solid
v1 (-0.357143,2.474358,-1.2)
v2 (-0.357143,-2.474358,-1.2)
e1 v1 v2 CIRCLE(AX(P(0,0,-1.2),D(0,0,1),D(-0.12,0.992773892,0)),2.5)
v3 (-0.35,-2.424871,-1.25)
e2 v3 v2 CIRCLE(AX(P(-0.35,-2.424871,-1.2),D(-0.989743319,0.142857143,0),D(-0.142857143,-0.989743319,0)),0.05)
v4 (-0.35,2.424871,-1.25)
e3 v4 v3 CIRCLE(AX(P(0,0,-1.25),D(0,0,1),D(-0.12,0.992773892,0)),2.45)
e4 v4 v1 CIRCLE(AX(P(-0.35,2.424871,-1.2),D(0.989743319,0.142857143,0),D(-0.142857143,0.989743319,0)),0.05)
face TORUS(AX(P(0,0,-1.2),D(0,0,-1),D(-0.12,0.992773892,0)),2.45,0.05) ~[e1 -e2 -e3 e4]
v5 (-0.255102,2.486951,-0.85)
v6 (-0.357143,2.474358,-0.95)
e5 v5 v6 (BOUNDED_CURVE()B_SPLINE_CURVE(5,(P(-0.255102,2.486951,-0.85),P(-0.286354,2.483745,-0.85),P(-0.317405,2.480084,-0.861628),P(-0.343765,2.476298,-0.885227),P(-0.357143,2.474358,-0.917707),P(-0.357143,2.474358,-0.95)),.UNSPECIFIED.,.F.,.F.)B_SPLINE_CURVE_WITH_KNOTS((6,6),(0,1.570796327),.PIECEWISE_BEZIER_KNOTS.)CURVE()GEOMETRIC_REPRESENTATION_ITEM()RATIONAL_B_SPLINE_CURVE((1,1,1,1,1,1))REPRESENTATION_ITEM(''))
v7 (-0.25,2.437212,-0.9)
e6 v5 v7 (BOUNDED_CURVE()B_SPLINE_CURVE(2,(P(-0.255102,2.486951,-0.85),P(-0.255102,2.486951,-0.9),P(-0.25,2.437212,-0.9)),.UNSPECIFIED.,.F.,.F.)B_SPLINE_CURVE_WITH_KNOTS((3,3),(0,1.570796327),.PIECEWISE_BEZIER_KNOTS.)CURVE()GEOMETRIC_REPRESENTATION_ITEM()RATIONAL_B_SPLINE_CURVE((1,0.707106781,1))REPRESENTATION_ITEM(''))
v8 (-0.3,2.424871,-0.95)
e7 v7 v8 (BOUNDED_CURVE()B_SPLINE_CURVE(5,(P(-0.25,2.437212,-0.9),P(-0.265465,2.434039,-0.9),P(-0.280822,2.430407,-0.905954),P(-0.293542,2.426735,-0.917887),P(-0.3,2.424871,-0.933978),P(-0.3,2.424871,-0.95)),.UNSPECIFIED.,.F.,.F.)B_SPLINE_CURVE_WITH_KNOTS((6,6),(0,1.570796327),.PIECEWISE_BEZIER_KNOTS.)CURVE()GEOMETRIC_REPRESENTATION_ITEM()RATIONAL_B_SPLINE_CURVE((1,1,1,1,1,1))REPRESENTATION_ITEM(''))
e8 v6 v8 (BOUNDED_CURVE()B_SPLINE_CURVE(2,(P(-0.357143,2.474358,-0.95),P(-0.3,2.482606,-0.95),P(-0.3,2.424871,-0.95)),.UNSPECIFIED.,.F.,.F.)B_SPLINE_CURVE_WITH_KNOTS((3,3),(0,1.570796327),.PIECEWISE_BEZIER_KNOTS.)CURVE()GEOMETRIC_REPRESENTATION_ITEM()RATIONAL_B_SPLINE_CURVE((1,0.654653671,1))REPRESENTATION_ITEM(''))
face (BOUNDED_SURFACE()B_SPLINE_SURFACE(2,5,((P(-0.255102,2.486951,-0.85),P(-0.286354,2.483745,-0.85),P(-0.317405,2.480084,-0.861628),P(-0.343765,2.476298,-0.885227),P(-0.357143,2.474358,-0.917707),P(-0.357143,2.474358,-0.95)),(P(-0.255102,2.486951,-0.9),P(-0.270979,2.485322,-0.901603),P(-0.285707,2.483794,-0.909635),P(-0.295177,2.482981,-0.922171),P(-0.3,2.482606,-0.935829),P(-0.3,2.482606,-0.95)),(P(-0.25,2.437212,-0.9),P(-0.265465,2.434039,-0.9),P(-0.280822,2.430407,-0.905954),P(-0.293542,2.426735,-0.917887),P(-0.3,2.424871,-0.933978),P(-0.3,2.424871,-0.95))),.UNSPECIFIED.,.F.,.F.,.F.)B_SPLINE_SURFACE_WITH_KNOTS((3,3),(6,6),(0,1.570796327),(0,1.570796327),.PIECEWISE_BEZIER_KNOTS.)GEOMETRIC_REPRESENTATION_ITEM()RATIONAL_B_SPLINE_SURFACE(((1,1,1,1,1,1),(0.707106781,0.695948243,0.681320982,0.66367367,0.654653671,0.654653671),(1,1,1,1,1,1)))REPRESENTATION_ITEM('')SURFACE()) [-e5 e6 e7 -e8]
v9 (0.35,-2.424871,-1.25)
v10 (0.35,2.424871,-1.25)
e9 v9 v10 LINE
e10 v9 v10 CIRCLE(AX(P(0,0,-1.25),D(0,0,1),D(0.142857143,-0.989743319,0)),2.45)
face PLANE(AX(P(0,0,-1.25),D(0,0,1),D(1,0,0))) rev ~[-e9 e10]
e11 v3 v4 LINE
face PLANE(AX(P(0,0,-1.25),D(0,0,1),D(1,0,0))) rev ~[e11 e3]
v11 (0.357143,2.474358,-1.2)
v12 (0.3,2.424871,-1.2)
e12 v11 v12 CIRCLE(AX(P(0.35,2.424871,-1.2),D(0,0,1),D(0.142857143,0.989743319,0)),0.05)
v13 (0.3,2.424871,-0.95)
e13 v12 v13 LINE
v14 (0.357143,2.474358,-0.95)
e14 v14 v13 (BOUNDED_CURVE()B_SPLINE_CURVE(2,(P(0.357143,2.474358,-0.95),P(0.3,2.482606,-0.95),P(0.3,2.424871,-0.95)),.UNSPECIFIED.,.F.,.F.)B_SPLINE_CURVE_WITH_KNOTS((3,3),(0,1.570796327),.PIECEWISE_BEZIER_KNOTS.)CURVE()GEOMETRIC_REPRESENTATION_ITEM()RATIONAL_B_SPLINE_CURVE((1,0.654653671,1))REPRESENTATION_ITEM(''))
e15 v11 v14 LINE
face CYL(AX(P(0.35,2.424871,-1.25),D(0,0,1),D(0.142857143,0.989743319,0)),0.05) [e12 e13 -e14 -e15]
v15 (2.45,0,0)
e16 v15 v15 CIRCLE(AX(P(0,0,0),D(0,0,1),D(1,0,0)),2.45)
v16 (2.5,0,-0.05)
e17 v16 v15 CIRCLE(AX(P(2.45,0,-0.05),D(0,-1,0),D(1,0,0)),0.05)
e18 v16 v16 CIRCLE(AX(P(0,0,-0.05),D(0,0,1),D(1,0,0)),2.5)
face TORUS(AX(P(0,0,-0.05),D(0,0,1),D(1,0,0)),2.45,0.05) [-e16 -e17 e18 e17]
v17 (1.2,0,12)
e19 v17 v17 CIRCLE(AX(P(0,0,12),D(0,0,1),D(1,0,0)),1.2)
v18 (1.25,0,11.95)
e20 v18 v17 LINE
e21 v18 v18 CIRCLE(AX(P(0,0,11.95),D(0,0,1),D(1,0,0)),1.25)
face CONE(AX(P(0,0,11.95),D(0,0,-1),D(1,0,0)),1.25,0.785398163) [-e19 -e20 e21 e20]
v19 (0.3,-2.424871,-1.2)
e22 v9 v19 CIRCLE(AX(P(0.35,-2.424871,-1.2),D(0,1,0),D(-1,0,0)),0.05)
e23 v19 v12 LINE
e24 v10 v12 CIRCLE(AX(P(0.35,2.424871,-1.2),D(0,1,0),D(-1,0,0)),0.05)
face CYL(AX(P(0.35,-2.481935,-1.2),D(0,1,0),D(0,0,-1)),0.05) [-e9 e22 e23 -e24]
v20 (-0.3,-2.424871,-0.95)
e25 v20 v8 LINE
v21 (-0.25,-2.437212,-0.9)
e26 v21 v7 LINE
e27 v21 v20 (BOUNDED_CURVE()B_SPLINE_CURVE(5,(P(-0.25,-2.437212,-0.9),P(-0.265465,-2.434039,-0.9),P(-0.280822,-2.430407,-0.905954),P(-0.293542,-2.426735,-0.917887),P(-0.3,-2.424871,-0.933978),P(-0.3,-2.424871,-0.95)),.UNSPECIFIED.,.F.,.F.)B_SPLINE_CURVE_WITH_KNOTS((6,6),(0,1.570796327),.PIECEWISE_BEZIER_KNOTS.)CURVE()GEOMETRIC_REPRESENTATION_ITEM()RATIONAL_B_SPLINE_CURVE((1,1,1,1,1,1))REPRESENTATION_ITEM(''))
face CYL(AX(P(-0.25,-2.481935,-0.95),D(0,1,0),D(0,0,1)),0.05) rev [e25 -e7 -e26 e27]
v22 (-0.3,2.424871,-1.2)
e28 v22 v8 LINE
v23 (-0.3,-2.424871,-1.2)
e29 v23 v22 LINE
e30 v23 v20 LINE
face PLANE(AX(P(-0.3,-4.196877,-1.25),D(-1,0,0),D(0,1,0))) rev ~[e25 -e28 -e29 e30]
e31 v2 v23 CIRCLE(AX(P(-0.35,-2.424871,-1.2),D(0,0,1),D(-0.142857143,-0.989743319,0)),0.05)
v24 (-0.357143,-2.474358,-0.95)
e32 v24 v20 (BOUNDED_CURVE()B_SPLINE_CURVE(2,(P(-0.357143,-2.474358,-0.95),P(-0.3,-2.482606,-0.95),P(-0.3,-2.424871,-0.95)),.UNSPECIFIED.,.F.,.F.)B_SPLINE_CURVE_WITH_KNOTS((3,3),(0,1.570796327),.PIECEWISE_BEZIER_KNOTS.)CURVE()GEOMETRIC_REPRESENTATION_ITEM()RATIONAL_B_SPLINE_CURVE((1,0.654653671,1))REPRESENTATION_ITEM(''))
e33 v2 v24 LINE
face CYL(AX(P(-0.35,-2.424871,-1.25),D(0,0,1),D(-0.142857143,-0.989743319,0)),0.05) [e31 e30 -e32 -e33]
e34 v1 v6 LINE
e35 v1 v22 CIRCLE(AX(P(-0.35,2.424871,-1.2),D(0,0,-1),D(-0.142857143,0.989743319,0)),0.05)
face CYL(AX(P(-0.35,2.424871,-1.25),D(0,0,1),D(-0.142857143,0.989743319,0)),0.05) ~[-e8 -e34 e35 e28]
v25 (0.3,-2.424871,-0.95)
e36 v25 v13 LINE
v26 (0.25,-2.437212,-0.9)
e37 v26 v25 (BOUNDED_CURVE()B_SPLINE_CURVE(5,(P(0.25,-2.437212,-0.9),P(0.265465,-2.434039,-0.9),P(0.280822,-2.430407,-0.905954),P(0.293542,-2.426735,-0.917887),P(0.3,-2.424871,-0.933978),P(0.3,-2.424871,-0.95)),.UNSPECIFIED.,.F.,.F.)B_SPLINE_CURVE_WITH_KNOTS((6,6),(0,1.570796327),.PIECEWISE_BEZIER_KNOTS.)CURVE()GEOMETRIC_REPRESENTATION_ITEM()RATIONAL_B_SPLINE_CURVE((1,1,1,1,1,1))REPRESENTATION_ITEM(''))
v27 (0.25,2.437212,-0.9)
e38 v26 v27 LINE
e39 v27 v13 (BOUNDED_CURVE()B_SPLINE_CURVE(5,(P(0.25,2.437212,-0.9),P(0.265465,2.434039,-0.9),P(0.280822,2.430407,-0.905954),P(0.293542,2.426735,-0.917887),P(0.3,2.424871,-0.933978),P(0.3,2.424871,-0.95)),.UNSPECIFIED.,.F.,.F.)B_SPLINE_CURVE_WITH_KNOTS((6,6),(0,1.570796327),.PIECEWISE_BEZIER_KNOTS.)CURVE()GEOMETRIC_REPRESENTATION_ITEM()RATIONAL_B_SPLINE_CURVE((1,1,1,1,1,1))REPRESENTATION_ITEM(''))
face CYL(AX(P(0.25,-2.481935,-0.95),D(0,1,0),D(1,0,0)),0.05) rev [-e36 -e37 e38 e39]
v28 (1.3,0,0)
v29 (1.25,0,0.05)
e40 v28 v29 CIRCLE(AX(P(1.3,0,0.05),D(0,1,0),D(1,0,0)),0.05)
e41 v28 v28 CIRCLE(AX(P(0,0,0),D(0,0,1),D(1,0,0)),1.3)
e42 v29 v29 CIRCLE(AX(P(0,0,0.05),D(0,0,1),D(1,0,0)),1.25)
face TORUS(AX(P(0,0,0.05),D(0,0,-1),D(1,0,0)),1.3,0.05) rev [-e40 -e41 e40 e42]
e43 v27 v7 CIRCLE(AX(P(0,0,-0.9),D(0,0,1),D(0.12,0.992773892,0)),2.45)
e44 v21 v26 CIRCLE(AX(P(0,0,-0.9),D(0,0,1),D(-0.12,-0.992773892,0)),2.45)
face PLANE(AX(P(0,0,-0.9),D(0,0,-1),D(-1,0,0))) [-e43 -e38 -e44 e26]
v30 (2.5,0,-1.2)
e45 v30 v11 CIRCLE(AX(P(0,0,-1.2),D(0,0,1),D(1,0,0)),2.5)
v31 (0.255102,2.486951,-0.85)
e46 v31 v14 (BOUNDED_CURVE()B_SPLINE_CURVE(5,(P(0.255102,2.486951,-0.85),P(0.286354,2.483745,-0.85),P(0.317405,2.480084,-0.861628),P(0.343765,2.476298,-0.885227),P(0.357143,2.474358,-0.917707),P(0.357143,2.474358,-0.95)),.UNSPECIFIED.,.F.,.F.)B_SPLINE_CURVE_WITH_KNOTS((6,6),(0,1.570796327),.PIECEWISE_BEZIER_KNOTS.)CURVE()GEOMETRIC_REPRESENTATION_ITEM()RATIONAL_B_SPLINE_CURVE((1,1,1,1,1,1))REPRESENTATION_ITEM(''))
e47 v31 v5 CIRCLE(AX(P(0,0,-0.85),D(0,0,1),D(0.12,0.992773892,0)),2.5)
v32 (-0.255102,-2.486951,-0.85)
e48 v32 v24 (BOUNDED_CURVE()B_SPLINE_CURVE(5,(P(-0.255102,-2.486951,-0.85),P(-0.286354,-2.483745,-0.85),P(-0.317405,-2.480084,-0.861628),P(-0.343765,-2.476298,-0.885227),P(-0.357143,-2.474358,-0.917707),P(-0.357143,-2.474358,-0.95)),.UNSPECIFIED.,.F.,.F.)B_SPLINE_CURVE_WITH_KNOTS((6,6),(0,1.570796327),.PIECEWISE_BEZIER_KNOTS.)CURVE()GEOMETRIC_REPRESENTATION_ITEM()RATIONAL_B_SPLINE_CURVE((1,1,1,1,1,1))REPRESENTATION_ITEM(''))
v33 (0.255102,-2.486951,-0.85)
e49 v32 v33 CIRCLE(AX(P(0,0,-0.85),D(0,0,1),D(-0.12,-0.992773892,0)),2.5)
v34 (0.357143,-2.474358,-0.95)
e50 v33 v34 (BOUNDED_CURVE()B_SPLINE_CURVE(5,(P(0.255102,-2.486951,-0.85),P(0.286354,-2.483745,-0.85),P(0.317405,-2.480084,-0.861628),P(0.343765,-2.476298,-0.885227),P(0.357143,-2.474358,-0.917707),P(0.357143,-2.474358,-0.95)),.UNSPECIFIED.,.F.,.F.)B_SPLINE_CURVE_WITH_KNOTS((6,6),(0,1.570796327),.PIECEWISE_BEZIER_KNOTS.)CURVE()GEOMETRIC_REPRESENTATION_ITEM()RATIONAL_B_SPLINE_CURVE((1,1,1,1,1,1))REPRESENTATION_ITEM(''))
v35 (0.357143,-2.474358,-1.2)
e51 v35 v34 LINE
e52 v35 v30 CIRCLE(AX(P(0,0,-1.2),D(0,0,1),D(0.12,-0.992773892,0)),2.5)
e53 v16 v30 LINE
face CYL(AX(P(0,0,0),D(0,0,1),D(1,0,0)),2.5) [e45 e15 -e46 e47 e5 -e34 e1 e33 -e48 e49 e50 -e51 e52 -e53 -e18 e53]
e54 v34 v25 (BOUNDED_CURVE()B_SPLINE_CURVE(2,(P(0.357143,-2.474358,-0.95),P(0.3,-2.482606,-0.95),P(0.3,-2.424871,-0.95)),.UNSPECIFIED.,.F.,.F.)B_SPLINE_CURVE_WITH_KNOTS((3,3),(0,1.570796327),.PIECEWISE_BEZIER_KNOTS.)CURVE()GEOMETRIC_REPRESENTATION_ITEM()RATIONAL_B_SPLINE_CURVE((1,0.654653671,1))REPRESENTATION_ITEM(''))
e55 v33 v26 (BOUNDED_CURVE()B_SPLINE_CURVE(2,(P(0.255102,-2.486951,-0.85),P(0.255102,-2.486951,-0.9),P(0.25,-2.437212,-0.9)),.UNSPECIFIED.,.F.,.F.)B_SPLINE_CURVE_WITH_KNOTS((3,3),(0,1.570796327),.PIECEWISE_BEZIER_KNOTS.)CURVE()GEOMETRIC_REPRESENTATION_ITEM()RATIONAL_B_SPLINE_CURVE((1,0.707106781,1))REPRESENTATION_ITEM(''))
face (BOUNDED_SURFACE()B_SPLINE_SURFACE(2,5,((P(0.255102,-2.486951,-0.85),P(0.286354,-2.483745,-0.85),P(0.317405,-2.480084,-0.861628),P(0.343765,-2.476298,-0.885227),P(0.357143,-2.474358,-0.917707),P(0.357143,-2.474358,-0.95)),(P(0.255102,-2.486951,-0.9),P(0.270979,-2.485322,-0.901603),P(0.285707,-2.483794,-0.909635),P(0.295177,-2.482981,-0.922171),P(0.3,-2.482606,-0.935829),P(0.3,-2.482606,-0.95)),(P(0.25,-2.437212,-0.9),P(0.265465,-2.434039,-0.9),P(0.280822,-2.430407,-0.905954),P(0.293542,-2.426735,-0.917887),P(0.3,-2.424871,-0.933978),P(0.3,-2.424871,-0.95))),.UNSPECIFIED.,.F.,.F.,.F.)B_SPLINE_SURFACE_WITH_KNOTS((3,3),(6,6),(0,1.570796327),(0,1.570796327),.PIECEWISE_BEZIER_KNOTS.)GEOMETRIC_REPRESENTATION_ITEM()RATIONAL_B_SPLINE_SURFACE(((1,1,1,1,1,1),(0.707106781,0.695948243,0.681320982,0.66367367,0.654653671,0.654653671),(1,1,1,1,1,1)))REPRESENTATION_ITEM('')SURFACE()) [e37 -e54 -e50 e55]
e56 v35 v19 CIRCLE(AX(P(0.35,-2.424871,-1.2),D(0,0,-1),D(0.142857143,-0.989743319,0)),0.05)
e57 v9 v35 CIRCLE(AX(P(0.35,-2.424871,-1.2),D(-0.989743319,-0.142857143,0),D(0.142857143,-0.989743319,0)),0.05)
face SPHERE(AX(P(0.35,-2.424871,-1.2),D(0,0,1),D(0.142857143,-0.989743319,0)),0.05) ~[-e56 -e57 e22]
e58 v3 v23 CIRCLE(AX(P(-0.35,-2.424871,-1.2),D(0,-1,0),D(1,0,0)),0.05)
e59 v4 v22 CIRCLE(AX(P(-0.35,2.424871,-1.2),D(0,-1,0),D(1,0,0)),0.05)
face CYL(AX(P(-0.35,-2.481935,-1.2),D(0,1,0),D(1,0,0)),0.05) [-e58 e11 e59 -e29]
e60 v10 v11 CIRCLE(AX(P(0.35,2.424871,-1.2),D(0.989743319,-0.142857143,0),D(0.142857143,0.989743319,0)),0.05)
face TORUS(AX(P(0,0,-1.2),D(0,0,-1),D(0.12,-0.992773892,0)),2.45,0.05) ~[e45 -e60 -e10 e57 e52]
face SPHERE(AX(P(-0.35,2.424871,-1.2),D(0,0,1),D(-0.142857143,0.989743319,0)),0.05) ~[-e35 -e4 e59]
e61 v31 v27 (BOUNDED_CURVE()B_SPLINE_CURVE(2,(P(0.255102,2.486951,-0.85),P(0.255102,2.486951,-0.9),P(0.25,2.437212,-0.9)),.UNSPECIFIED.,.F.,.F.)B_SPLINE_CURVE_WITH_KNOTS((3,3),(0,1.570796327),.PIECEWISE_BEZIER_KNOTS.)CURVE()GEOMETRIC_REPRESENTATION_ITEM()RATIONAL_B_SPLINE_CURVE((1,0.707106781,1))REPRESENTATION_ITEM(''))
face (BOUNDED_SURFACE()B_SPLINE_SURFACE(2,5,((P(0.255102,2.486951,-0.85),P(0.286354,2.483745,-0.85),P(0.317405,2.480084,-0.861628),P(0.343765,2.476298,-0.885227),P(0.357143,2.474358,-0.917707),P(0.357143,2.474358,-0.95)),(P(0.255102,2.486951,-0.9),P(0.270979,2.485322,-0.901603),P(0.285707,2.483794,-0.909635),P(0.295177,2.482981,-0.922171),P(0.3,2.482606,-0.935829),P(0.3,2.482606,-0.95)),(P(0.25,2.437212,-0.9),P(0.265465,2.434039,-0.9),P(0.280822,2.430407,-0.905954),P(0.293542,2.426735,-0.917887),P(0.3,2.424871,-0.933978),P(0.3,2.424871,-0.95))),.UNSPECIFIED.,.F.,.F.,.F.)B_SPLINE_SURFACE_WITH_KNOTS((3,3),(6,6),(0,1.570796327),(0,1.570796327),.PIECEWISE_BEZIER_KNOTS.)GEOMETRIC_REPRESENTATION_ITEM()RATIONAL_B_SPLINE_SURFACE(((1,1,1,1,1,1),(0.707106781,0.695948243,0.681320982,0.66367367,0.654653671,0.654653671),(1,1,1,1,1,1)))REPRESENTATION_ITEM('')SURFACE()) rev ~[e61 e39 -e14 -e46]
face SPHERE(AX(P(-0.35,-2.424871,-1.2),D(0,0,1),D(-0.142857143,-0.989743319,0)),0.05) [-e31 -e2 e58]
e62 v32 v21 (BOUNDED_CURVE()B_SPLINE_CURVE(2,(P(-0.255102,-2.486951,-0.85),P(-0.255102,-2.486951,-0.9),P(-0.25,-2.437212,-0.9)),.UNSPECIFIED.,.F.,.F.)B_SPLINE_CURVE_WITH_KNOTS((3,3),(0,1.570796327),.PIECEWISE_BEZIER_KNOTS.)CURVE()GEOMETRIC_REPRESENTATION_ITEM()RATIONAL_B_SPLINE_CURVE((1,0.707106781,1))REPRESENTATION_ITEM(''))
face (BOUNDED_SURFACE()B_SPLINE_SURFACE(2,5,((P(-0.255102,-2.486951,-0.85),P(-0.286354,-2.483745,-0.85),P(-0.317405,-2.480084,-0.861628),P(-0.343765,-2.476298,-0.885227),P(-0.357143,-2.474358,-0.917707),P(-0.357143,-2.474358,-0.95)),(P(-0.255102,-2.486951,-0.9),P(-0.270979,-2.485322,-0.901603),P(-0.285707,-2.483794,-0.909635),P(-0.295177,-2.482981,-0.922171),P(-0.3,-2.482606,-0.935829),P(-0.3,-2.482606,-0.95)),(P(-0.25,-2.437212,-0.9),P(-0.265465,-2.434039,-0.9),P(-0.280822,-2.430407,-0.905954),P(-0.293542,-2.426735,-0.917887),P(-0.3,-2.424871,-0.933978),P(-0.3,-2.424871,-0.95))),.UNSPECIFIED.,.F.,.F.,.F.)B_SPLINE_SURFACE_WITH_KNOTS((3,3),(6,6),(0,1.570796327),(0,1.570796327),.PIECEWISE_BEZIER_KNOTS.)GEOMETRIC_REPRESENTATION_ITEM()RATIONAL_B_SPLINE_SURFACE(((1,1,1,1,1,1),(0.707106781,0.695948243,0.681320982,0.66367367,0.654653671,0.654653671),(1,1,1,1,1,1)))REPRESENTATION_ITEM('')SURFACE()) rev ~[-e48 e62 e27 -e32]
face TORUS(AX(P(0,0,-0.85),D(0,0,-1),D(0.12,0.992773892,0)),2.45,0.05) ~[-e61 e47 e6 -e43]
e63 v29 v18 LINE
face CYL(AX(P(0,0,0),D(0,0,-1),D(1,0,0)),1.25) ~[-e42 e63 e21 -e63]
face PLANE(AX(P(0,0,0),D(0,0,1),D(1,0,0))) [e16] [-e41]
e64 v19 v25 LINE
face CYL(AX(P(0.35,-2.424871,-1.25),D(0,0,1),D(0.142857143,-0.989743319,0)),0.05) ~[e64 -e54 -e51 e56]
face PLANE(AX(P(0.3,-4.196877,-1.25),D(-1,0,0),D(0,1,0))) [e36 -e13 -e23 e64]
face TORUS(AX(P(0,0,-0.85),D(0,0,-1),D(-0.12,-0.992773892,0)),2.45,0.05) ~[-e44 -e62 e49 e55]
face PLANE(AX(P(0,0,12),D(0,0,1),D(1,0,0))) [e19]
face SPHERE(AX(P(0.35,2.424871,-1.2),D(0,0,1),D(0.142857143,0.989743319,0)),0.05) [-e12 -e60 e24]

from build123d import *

# Parameters (mm, degrees)
SKETCH1_R           = 1.25
BOSS_EXTRUDE1_DEPTH = 12
SKETCH2_R           = 2.5
BOSS_EXTRUDE2_DEPTH = 1.25
SKETCH3_W           = 0.6
SKETCH3_H           = 8.393754192
CUT_EXTRUDE1_DEPTH  = 0.35
FILLET1_R           = 0.05
FILLET2_R           = 0.05
CHAMFER1_SIZE       = 0.05


with BuildPart() as part:
    # Sketch1 → Boss-Extrude1 (new body)
    with BuildSketch(Plane.XY):
        Circle(SKETCH1_R)
    extrude(amount=BOSS_EXTRUDE1_DEPTH)

    # Sketch2 → Boss-Extrude2 (add)
    with BuildSketch(Plane.XY):
        Circle(SKETCH2_R)
    extrude(amount=-BOSS_EXTRUDE2_DEPTH)

    # Sketch3 → Cut-Extrude1 (cut)
    with BuildSketch(Plane(origin=(0, 0, -1.25), x_dir=(-1, 0, 0), z_dir=(0, 0, -1))):
        Rectangle(SKETCH3_W, SKETCH3_H)
    extrude(amount=-CUT_EXTRUDE1_DEPTH, mode=Mode.SUBTRACT)

    # Fillet1
    fillet1_edges = [part.edges().sort_by_distance(p)[0] for p in [
        (-2.5, 0, -1.25),
        (1.870828693, -1.658312395, -1.25),
        (0.3, 0, -1.25),
        (-0.3, 0, -1.25),
        (0, 2.5, -0.9),
        (0, -2.5, -0.9),
        (-0.3, -2.481934729, -1.075),
        (-0.3, 2.481934729, -1.075),
        (0.3, 2.481934729, -1.075),
        (0.3, -2.481934729, -1.075),
        (-0.3, 0, -0.9),
        (0.3, 0, -0.9),
        (-1.25, 0, 0),
    ]]
    fillet(fillet1_edges, radius=FILLET1_R)

    # Fillet2
    fillet2_edges = [part.edges().sort_by_distance(p)[0] for p in [
        (-2.5, 0, 0),
    ]]
    fillet(fillet2_edges, radius=FILLET2_R)

    # Chamfer1
    chamfer1_edges = [part.edges().sort_by_distance(p)[0] for p in [
        (-1.25, 0, 12),
    ]]
    chamfer(chamfer1_edges, length=CHAMFER1_SIZE)


solid = part.part
